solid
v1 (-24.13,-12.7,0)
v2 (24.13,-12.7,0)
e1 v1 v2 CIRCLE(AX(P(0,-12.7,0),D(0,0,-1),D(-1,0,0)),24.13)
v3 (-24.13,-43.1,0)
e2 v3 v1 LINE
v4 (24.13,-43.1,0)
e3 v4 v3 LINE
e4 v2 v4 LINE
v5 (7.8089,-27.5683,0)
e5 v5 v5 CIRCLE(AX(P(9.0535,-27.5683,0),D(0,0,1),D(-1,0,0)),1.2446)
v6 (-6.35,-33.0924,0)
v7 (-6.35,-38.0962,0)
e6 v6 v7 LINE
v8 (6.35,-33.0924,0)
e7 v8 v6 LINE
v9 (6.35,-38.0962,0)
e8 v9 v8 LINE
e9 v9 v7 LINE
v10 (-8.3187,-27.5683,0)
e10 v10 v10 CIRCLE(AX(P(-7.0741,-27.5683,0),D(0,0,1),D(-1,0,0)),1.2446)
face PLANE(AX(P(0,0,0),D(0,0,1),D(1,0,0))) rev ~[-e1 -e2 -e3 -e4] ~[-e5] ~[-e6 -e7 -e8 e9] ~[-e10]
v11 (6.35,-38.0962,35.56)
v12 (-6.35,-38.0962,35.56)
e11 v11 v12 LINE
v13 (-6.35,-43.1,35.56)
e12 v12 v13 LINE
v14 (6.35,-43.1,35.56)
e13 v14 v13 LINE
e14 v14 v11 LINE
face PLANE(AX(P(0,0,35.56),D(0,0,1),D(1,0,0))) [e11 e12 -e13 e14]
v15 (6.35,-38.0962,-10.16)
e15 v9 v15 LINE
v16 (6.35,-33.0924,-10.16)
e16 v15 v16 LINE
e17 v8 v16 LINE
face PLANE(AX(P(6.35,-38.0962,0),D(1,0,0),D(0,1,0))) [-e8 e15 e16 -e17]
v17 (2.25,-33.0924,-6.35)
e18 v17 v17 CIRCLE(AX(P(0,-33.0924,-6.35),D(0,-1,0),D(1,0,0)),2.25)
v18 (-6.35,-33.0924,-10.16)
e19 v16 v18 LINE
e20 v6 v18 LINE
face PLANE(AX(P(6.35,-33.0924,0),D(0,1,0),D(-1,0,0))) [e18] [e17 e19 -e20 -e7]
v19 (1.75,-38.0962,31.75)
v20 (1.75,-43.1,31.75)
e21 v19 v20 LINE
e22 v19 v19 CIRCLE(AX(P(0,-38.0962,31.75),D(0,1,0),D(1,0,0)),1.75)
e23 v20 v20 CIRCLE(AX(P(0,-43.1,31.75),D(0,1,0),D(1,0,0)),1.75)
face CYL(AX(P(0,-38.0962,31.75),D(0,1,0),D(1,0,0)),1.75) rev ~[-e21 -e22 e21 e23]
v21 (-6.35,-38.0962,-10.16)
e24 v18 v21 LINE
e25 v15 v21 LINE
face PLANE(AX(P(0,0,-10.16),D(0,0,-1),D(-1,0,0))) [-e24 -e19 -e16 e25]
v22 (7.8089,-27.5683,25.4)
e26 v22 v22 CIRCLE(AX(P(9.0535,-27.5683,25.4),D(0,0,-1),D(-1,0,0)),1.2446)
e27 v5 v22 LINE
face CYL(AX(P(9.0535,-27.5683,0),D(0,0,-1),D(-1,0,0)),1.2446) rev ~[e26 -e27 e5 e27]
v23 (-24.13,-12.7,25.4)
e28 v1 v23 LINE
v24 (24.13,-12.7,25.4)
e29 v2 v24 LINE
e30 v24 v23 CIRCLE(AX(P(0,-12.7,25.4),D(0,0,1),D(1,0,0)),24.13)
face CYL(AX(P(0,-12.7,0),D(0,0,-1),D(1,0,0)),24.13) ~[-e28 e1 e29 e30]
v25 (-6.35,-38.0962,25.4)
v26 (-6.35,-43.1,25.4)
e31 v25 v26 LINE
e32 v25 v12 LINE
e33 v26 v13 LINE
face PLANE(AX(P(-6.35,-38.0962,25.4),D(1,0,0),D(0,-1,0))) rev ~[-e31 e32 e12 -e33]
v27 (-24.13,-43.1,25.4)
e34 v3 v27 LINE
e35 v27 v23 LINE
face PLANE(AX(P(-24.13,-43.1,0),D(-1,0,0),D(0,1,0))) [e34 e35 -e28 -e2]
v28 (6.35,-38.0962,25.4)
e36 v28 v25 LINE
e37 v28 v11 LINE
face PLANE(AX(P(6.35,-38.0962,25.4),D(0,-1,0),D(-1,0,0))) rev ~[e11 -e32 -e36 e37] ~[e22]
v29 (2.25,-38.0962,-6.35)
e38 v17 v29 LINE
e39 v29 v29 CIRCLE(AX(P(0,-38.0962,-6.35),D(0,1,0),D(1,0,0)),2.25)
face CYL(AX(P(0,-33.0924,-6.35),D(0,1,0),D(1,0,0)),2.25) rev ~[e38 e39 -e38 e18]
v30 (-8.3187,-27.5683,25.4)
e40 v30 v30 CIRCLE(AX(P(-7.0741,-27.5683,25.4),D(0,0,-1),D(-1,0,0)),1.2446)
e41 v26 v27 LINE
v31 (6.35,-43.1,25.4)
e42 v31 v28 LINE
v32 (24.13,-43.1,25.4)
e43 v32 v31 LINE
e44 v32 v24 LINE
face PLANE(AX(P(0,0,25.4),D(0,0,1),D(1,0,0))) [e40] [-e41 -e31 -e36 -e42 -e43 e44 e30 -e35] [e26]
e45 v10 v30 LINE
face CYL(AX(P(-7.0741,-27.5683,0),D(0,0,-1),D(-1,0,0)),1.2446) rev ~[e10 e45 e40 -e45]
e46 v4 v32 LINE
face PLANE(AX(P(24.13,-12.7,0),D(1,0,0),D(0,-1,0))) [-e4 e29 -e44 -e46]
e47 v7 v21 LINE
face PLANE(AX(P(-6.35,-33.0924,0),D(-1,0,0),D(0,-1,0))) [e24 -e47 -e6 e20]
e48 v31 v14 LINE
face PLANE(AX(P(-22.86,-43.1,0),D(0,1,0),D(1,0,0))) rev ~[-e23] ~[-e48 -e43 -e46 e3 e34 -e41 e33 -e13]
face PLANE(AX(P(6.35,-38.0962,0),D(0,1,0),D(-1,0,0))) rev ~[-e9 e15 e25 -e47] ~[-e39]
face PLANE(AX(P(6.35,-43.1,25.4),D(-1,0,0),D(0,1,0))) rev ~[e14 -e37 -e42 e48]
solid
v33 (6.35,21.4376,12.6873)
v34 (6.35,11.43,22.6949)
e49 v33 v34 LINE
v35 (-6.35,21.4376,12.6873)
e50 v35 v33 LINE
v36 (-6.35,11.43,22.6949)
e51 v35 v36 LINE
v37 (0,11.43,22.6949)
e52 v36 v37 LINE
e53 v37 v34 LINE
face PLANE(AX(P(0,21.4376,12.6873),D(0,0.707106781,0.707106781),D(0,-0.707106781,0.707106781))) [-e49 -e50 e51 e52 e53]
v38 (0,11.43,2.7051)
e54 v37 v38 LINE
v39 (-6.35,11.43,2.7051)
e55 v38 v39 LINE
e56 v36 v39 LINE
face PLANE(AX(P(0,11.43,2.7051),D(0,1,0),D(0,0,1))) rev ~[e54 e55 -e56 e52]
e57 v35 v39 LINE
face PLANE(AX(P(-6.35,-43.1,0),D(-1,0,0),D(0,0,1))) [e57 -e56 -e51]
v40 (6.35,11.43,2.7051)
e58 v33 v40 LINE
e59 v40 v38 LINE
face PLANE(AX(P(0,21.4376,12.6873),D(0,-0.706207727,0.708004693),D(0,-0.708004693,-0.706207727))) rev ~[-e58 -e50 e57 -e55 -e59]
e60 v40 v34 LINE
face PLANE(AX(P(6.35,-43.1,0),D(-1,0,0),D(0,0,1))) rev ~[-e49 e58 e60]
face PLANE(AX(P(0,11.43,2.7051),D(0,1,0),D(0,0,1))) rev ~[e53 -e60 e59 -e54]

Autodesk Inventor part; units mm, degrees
ref_plane "YZ Plane" through (0, 0, 0) normal (1, 0, 0) x (0, 1, 0)
ref_plane "XZ Plane" through (0, 0, 0) normal (0, 1, 0) x (-1, 0, 0)
sketch "Sketch1" plane through (0, 0, 0) normal (0, 0, 1) x (1, 0, 0)
  line L0 (-21.6147, -38.1) -> (42.5469, -38.1) projected
  line L1 (6.35, -38.0962) -> (6.35, -43.1) projected
  line L2 (6.35, -43.1) -> (22.86, -43.1) projected
  line L3 (22.86, -43.1) -> (22.86, 0) projected
  arc A0 (22.86, 0) -> (-22.86, 0) centre (0, 0) ccw projected
  line L4 (-22.86, 0) -> (-22.86, -43.1) projected
  line L5 (-22.86, -43.1) -> (-6.35, -43.1) projected
  line L6 (-6.35, -43.1) -> (-6.35, -38.0962) projected
  line L7 (-6.35, -38.0962) -> (6.35, -38.0962) projected
  line L8 (17.78, -43.1) -> (-24.13, -43.1)
  line L9 (-24.13, -43.1) -> (24.13, -43.1)
  line L10 (0, 0) -> (0, -12.7)
  circle A1 centre (0, -12.7) radius 24.13
  line L11 (-24.13, -12.7) -> (24.13, -12.7)
  line L12 (24.13, -12.7) -> (24.13, -43.1)
  line L13 (24.13, -43.1) -> (-24.13, -43.1)
  line L14 (-24.13, -43.1) -> (-24.13, -12.7)
  dimension "d20" = 48.26
  dimension "d19" = 12.7
extrude "Extrusion1" add sketch "Sketch1" along normal blind 25.4 contours L6 L7 L1 L0 | L0 L1 L8 L6 | L6 L5 L4 A1 L3 L0 L1 L7 | L0 L3 L2 L1 | L3 A1 L12 L0 | L0 L12 L9 L3 | L8 L14 A1 L4 | A1 L4 L11 L3 | L3 L11 A1 | A1 L11 L4 | L11 L3 A1 | L11 L4 A1 L3 | L11 A1 L4
sketch "Sketch2" plane through (0, 0, 0) normal (0, 0, -1) x (-1, 0, 0)
  line L0 (6.35, -43.1) -> (-6.35, -43.1) projected
  line L1 (-6.35, -43.1) -> (-6.35, -38.0962) projected
  line L2 (-6.35, -38.0962) -> (6.35, -38.0962) projected
  line L3 (6.35, -38.0962) -> (6.35, -43.1) projected
  line L4 (6.35, -38.0962) -> (-6.35, -38.0962)
  line L5 (-6.35, -38.0962) -> (-6.35, -33.0924)
  line L6 (-6.35, -33.0924) -> (6.35, -33.0924)
  line L7 (6.35, -33.0924) -> (6.35, -38.0962)
  point P0 (0, 0)
  dimension "d3" = 5.0038
extrude "Extrusion2" add sketch "Sketch2" along normal blind 10.16 contours L2 L5 L6 L7
sketch "Sketch3" plane through (-6.35, -33.0924, 0) normal (0, 1, 0) x (1, 0, 0)
  line L0 (12.7, 10.16) -> (0, 10.16) projected
  line L1 (6.35, 10.16) -> (6.35, 6.35)
  circle A0 centre (6.35, 6.35) radius 2.25
  point P0 (6.35, 0)
  dimension "d6" = 3.81
  dimension "d7" = 4.5
extrude "Extrusion3" cut sketch "Sketch3" against normal blind 10.16
sketch "Sketch4" plane through (0, 0, 25.4) normal (0, 0, 1) x (1, 0, 0)
  line L0 (0, -43.1) -> (6.35, -43.1)
  line L1 (6.35, -43.1) -> (-6.35, -43.1)
  line L2 (-6.35, -43.1) -> (6.35, -43.1)
  line L3 (6.35, -43.1) -> (6.35, -38.0962)
  line L4 (6.35, -38.0962) -> (-6.35, -38.0962)
  line L5 (-6.35, -38.0962) -> (-6.35, -43.1)
  point P0 (0, 0)
  dimension "d10" = 6.35
  dimension "d11" = 12.7
  dimension "d12" = 5.0038
extrude "Extrusion4" add sketch "Sketch4" along normal blind 10.16
sketch "Sketch5" plane through (-6.35, -38.0962, 25.4) normal (0, 1, 0) x (1, 0, 0)
  line L0 (0, -10.16) -> (12.7, -10.16) projected
  line L1 (6.35, -10.16) -> (6.35, -6.35)
  circle A0 centre (6.35, -6.35) radius 1.75
  point P0 (6.35, 25.4)
  dimension "d15" = 3.81
  dimension "d16" = 3.5
extrude "Extrusion5" cut sketch "Sketch5" against normal blind 10.16
ref_plane "Work Plane1" through (0, -43.1, 0) normal (-1, 0, 0) x (0, 0, 1)
sketch "Sketch6" plane through (0, -43.1, 0) normal (-1, 0, 0) x (0, 0, 1)
  line L0 (0, 54.53) -> (0, 30.4) projected
  line L1 (0, 54.53) -> (2.7051, 54.53)
  line L2 (0, 54.53) -> (25.4, 54.53) projected
  line L3 (2.7051, 54.53) -> (22.6949, 54.53)
  line L4 (22.6949, 54.53) -> (12.6873, 54.53)
  line L5 (12.6873, 54.53) -> (12.6873, 64.5376)
  line L6 (12.6873, 64.5376) -> (22.6949, 54.53)
  line L7 (12.6873, 64.5376) -> (2.7051, 54.53)
  point P0 (0, 43.1)
  dimension "d22" = 2.7051
  dimension "d23" = 19.9898
  dimension "d24" = 10.0076
  dimension "d25" = 10.0076
extrude "Extrusion6" add sketch "Sketch6" along normal mid plane 12.7
sketch "Sketch7" plane through (0, 0, 0) normal (0, 0, -1) x (-1, 0, 0)
  ellipse E0 centre (-10.0535, -27.5683) end of major axis (-10.0535, -26.3237) minor radius 1.2444 projected
  ellipse E1 centre (8.0741, -27.5683) end of major axis (8.0741, -26.3237) minor radius 1.2444 projected
  line L0 (-10.0535, -27.5683) -> (-9.0535, -27.5683)
  circle A0 centre (-9.0535, -27.5683) radius 1.2446
  line L1 (8.0741, -27.5683) -> (7.0741, -27.5683)
  circle A1 centre (7.0741, -27.5683) radius 1.2446
  point P0 (0, 0)
  dimension "d28" = 1
  dimension "d29" = 2.4892
  dimension "d30" = 1
  dimension "d31" = 2.4892
extrude "Extrusion7" cut sketch "Sketch7" against normal blind 25.4 contours A0 E0 | E0 A0 | A1 E1 | E1 A1 picked at (-9.7984, -27.3936) picked at (-8.155, -27.4665) picked at (7.819, -27.743) picked at (6.1756, -27.6701)
properties part number "Tail5"
